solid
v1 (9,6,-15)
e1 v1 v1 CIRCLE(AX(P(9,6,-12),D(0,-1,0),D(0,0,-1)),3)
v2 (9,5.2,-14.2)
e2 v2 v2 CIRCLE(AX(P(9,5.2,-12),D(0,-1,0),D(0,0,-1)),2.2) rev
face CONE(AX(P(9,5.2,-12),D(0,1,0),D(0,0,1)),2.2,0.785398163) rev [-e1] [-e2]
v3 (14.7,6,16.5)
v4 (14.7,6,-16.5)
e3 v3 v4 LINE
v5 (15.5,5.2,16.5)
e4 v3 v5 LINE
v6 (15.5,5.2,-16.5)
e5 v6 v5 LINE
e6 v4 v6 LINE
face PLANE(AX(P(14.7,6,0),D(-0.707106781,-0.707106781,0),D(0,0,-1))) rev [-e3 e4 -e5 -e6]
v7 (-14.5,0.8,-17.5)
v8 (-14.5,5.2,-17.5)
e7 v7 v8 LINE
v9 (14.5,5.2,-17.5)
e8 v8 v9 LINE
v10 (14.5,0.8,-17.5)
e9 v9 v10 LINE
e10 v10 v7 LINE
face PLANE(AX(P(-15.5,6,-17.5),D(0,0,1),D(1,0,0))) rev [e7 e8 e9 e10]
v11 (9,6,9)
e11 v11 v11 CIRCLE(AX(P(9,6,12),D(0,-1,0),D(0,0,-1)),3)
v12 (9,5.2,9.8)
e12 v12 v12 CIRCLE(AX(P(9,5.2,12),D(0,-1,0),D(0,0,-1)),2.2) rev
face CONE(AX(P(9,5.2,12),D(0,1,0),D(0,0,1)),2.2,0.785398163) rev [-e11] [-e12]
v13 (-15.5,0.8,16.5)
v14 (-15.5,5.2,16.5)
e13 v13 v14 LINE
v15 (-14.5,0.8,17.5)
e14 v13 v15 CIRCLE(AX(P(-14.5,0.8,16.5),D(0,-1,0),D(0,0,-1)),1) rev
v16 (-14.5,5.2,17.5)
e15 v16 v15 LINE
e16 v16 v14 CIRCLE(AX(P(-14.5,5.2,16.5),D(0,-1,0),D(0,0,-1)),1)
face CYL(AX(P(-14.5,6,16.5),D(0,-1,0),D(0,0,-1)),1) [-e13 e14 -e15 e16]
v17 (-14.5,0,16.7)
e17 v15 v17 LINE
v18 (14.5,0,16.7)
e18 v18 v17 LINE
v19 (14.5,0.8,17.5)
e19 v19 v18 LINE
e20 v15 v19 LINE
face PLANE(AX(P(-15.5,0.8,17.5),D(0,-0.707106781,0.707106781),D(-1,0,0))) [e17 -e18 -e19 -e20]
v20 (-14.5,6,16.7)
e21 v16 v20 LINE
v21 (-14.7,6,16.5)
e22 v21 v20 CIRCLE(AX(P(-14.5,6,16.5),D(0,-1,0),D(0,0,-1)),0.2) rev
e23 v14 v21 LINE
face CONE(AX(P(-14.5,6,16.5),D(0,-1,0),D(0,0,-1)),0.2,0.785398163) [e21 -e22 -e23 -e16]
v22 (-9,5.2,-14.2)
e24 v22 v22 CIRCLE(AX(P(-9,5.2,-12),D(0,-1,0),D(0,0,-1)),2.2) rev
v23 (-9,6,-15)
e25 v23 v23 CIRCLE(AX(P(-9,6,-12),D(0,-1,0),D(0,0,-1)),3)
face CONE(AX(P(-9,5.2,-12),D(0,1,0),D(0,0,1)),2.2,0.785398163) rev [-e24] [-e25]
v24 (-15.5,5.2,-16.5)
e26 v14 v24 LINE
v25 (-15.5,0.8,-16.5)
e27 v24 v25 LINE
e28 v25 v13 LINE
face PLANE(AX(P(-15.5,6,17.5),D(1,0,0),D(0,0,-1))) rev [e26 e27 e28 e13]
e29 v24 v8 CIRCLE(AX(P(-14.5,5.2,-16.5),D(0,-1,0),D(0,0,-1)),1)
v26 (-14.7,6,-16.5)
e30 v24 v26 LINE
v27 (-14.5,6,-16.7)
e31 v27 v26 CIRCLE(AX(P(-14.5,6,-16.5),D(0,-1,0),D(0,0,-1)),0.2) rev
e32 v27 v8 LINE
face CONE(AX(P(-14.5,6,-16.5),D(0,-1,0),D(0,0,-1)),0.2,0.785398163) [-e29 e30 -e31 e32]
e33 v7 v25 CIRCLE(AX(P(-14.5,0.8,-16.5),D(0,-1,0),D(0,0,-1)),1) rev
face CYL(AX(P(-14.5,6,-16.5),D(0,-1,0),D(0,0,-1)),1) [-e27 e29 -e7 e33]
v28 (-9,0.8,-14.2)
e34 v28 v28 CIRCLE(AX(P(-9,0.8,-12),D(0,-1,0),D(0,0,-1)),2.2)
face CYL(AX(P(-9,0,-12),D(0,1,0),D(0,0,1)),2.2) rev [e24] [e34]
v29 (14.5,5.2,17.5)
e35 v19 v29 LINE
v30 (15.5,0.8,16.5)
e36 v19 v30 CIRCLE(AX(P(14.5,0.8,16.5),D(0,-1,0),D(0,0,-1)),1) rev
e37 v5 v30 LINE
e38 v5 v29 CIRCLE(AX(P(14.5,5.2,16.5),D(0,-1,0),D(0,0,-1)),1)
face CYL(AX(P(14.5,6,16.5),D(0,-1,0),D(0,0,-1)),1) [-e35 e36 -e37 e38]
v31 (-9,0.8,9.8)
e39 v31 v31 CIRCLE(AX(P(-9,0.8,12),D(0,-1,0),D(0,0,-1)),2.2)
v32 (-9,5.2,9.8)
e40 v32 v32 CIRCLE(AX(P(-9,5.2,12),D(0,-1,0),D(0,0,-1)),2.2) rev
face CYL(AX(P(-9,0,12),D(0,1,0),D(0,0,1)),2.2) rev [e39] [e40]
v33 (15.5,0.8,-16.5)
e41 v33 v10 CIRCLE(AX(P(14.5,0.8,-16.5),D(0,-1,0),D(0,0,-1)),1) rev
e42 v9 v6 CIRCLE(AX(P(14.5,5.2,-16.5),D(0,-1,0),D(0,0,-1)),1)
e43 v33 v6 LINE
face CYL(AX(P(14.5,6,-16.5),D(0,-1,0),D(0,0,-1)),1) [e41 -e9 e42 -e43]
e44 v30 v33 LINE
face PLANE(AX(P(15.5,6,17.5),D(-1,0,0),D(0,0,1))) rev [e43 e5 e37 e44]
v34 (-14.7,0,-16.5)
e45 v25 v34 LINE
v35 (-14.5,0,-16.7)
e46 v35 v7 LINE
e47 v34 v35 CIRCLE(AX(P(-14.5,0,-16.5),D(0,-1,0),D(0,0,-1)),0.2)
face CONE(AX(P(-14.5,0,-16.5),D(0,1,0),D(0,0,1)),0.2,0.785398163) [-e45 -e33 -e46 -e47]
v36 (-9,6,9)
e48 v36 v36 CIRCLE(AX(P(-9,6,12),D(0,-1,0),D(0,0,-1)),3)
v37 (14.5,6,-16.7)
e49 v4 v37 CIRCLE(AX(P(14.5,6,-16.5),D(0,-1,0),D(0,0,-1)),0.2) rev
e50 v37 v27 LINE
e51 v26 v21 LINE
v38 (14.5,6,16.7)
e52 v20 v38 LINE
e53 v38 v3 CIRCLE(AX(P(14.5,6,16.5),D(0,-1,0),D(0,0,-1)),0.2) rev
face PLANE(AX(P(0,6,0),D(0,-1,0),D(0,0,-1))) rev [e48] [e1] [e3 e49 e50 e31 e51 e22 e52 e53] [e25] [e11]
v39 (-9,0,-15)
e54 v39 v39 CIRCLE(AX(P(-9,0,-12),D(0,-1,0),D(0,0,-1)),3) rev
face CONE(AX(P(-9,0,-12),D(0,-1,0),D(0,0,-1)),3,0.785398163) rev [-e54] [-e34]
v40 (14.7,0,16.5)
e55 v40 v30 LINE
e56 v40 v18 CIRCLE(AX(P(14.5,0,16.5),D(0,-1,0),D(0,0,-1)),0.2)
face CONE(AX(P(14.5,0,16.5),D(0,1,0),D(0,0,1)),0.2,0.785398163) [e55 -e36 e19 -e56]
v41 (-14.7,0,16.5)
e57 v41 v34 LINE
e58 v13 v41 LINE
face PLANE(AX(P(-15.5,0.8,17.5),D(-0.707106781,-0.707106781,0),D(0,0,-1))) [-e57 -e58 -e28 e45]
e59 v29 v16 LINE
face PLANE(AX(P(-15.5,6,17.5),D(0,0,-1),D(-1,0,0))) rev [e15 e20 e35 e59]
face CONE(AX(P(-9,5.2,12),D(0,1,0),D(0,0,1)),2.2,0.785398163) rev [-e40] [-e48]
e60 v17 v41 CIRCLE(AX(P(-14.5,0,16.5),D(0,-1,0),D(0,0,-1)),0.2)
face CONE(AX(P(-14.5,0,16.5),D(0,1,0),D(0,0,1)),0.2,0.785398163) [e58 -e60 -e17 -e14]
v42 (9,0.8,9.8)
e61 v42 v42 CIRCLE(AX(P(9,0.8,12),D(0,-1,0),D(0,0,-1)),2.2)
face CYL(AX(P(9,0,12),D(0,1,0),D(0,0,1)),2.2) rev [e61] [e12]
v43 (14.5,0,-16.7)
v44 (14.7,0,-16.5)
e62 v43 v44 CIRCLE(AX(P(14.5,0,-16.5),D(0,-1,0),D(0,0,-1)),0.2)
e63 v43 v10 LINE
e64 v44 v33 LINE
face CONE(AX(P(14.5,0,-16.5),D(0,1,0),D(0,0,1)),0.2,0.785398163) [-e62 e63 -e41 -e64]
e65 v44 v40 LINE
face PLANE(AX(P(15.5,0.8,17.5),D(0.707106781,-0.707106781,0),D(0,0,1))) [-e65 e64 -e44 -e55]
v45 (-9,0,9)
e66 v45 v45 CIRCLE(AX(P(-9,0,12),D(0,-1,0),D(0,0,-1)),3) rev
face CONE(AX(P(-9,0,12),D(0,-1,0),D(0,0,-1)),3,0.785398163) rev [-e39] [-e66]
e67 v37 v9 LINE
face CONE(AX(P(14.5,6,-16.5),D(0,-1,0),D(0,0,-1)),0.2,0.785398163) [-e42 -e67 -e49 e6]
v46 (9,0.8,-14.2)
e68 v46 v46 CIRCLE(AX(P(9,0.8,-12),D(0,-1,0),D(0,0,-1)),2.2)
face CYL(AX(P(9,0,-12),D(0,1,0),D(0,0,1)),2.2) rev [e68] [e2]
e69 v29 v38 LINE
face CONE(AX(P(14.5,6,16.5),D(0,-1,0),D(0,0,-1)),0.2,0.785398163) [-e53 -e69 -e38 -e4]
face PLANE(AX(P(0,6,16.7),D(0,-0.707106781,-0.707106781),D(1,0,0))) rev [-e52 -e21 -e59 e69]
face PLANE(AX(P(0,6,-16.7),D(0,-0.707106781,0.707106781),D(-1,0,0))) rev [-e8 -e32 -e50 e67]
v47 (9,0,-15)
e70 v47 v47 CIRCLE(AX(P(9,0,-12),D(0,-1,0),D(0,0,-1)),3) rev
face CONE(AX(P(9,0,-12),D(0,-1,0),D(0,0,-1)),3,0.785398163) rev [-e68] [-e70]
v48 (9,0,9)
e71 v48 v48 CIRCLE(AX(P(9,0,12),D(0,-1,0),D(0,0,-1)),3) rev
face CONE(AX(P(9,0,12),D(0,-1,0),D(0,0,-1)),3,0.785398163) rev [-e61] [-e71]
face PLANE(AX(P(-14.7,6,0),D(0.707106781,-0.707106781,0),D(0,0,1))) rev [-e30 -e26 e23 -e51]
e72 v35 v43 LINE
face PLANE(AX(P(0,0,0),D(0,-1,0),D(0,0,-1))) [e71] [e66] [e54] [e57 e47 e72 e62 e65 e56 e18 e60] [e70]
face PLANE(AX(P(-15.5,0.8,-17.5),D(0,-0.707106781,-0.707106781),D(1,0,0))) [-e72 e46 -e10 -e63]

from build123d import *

# Parameters (mm, degrees)
SKETCH1_W           = 31
SKETCH1_H           = 35
BOSS_EXTRUDE1_DEPTH = 6
SKETCH2_R           = 2.2
CUT_EXTRUDE1_DEPTH  = 7
FILLET1_R           = 1
CHAMFER1_SIZE       = 0.8


with BuildPart() as part:
    # Sketch1 → Boss-Extrude1 (new body)
    with BuildSketch(Plane(origin=(0, 0, 0), x_dir=(1, 0, 0), z_dir=(0, 1, 0))):
        Rectangle(SKETCH1_W, SKETCH1_H)
    extrude(amount=BOSS_EXTRUDE1_DEPTH)

    # Sketch2 → Cut-Extrude1 (cut, through all)
    with BuildSketch(Plane(origin=(0, 6, 0), x_dir=(1, 0, 0), z_dir=(0, 1, 0))):
        with Locations((9, 12)):
            Circle(SKETCH2_R)
        with Locations((9, -12)):
            Circle(SKETCH2_R)
        with Locations((-9, 12)):
            Circle(SKETCH2_R)
        with Locations((-9, -12)):
            Circle(SKETCH2_R)
    extrude(amount=-CUT_EXTRUDE1_DEPTH, mode=Mode.SUBTRACT)

    # Fillet1
    fillet1_edges = [part.edges().sort_by_distance(p)[0] for p in [
        (15.5, 3, 17.5),
        (-15.5, 3, 17.5),
        (-15.5, 3, -17.5),
        (15.5, 3, -17.5),
    ]]
    fillet(fillet1_edges, radius=FILLET1_R)

    # Chamfer1
    chamfer1_edges = [part.edges().sort_by_distance(p)[0] for p in [
        (6.8, 0, 12),
        (6.8, 6, 12),
        (-11.2, 0, -12),
        (-11.2, 6, -12),
        (-11.2, 0, 12),
        (-11.2, 6, 12),
        (6.8, 0, -12),
        (6.8, 6, -12),
        (0, 0, 17.5),
        (0, 6, 17.5),
        (15.5, 0, 0),
        (-15.5, 0, 0),
        (0, 0, -17.5),
        (15.207106781, 0, 17.207106781),
        (15.207106781, 0, -17.207106781),
        (-15.207106781, 0, -17.207106781),
        (-15.207106781, 0, 17.207106781),
        (-15.5, 6, 0),
        (15.5, 6, 0),
        (0, 6, -17.5),
        (15.207106781, 6, 17.207106781),
        (15.207106781, 6, -17.207106781),
        (-15.207106781, 6, -17.207106781),
        (-15.207106781, 6, 17.207106781),
    ]]
    chamfer(chamfer1_edges, length=CHAMFER1_SIZE)


solid = part.part
